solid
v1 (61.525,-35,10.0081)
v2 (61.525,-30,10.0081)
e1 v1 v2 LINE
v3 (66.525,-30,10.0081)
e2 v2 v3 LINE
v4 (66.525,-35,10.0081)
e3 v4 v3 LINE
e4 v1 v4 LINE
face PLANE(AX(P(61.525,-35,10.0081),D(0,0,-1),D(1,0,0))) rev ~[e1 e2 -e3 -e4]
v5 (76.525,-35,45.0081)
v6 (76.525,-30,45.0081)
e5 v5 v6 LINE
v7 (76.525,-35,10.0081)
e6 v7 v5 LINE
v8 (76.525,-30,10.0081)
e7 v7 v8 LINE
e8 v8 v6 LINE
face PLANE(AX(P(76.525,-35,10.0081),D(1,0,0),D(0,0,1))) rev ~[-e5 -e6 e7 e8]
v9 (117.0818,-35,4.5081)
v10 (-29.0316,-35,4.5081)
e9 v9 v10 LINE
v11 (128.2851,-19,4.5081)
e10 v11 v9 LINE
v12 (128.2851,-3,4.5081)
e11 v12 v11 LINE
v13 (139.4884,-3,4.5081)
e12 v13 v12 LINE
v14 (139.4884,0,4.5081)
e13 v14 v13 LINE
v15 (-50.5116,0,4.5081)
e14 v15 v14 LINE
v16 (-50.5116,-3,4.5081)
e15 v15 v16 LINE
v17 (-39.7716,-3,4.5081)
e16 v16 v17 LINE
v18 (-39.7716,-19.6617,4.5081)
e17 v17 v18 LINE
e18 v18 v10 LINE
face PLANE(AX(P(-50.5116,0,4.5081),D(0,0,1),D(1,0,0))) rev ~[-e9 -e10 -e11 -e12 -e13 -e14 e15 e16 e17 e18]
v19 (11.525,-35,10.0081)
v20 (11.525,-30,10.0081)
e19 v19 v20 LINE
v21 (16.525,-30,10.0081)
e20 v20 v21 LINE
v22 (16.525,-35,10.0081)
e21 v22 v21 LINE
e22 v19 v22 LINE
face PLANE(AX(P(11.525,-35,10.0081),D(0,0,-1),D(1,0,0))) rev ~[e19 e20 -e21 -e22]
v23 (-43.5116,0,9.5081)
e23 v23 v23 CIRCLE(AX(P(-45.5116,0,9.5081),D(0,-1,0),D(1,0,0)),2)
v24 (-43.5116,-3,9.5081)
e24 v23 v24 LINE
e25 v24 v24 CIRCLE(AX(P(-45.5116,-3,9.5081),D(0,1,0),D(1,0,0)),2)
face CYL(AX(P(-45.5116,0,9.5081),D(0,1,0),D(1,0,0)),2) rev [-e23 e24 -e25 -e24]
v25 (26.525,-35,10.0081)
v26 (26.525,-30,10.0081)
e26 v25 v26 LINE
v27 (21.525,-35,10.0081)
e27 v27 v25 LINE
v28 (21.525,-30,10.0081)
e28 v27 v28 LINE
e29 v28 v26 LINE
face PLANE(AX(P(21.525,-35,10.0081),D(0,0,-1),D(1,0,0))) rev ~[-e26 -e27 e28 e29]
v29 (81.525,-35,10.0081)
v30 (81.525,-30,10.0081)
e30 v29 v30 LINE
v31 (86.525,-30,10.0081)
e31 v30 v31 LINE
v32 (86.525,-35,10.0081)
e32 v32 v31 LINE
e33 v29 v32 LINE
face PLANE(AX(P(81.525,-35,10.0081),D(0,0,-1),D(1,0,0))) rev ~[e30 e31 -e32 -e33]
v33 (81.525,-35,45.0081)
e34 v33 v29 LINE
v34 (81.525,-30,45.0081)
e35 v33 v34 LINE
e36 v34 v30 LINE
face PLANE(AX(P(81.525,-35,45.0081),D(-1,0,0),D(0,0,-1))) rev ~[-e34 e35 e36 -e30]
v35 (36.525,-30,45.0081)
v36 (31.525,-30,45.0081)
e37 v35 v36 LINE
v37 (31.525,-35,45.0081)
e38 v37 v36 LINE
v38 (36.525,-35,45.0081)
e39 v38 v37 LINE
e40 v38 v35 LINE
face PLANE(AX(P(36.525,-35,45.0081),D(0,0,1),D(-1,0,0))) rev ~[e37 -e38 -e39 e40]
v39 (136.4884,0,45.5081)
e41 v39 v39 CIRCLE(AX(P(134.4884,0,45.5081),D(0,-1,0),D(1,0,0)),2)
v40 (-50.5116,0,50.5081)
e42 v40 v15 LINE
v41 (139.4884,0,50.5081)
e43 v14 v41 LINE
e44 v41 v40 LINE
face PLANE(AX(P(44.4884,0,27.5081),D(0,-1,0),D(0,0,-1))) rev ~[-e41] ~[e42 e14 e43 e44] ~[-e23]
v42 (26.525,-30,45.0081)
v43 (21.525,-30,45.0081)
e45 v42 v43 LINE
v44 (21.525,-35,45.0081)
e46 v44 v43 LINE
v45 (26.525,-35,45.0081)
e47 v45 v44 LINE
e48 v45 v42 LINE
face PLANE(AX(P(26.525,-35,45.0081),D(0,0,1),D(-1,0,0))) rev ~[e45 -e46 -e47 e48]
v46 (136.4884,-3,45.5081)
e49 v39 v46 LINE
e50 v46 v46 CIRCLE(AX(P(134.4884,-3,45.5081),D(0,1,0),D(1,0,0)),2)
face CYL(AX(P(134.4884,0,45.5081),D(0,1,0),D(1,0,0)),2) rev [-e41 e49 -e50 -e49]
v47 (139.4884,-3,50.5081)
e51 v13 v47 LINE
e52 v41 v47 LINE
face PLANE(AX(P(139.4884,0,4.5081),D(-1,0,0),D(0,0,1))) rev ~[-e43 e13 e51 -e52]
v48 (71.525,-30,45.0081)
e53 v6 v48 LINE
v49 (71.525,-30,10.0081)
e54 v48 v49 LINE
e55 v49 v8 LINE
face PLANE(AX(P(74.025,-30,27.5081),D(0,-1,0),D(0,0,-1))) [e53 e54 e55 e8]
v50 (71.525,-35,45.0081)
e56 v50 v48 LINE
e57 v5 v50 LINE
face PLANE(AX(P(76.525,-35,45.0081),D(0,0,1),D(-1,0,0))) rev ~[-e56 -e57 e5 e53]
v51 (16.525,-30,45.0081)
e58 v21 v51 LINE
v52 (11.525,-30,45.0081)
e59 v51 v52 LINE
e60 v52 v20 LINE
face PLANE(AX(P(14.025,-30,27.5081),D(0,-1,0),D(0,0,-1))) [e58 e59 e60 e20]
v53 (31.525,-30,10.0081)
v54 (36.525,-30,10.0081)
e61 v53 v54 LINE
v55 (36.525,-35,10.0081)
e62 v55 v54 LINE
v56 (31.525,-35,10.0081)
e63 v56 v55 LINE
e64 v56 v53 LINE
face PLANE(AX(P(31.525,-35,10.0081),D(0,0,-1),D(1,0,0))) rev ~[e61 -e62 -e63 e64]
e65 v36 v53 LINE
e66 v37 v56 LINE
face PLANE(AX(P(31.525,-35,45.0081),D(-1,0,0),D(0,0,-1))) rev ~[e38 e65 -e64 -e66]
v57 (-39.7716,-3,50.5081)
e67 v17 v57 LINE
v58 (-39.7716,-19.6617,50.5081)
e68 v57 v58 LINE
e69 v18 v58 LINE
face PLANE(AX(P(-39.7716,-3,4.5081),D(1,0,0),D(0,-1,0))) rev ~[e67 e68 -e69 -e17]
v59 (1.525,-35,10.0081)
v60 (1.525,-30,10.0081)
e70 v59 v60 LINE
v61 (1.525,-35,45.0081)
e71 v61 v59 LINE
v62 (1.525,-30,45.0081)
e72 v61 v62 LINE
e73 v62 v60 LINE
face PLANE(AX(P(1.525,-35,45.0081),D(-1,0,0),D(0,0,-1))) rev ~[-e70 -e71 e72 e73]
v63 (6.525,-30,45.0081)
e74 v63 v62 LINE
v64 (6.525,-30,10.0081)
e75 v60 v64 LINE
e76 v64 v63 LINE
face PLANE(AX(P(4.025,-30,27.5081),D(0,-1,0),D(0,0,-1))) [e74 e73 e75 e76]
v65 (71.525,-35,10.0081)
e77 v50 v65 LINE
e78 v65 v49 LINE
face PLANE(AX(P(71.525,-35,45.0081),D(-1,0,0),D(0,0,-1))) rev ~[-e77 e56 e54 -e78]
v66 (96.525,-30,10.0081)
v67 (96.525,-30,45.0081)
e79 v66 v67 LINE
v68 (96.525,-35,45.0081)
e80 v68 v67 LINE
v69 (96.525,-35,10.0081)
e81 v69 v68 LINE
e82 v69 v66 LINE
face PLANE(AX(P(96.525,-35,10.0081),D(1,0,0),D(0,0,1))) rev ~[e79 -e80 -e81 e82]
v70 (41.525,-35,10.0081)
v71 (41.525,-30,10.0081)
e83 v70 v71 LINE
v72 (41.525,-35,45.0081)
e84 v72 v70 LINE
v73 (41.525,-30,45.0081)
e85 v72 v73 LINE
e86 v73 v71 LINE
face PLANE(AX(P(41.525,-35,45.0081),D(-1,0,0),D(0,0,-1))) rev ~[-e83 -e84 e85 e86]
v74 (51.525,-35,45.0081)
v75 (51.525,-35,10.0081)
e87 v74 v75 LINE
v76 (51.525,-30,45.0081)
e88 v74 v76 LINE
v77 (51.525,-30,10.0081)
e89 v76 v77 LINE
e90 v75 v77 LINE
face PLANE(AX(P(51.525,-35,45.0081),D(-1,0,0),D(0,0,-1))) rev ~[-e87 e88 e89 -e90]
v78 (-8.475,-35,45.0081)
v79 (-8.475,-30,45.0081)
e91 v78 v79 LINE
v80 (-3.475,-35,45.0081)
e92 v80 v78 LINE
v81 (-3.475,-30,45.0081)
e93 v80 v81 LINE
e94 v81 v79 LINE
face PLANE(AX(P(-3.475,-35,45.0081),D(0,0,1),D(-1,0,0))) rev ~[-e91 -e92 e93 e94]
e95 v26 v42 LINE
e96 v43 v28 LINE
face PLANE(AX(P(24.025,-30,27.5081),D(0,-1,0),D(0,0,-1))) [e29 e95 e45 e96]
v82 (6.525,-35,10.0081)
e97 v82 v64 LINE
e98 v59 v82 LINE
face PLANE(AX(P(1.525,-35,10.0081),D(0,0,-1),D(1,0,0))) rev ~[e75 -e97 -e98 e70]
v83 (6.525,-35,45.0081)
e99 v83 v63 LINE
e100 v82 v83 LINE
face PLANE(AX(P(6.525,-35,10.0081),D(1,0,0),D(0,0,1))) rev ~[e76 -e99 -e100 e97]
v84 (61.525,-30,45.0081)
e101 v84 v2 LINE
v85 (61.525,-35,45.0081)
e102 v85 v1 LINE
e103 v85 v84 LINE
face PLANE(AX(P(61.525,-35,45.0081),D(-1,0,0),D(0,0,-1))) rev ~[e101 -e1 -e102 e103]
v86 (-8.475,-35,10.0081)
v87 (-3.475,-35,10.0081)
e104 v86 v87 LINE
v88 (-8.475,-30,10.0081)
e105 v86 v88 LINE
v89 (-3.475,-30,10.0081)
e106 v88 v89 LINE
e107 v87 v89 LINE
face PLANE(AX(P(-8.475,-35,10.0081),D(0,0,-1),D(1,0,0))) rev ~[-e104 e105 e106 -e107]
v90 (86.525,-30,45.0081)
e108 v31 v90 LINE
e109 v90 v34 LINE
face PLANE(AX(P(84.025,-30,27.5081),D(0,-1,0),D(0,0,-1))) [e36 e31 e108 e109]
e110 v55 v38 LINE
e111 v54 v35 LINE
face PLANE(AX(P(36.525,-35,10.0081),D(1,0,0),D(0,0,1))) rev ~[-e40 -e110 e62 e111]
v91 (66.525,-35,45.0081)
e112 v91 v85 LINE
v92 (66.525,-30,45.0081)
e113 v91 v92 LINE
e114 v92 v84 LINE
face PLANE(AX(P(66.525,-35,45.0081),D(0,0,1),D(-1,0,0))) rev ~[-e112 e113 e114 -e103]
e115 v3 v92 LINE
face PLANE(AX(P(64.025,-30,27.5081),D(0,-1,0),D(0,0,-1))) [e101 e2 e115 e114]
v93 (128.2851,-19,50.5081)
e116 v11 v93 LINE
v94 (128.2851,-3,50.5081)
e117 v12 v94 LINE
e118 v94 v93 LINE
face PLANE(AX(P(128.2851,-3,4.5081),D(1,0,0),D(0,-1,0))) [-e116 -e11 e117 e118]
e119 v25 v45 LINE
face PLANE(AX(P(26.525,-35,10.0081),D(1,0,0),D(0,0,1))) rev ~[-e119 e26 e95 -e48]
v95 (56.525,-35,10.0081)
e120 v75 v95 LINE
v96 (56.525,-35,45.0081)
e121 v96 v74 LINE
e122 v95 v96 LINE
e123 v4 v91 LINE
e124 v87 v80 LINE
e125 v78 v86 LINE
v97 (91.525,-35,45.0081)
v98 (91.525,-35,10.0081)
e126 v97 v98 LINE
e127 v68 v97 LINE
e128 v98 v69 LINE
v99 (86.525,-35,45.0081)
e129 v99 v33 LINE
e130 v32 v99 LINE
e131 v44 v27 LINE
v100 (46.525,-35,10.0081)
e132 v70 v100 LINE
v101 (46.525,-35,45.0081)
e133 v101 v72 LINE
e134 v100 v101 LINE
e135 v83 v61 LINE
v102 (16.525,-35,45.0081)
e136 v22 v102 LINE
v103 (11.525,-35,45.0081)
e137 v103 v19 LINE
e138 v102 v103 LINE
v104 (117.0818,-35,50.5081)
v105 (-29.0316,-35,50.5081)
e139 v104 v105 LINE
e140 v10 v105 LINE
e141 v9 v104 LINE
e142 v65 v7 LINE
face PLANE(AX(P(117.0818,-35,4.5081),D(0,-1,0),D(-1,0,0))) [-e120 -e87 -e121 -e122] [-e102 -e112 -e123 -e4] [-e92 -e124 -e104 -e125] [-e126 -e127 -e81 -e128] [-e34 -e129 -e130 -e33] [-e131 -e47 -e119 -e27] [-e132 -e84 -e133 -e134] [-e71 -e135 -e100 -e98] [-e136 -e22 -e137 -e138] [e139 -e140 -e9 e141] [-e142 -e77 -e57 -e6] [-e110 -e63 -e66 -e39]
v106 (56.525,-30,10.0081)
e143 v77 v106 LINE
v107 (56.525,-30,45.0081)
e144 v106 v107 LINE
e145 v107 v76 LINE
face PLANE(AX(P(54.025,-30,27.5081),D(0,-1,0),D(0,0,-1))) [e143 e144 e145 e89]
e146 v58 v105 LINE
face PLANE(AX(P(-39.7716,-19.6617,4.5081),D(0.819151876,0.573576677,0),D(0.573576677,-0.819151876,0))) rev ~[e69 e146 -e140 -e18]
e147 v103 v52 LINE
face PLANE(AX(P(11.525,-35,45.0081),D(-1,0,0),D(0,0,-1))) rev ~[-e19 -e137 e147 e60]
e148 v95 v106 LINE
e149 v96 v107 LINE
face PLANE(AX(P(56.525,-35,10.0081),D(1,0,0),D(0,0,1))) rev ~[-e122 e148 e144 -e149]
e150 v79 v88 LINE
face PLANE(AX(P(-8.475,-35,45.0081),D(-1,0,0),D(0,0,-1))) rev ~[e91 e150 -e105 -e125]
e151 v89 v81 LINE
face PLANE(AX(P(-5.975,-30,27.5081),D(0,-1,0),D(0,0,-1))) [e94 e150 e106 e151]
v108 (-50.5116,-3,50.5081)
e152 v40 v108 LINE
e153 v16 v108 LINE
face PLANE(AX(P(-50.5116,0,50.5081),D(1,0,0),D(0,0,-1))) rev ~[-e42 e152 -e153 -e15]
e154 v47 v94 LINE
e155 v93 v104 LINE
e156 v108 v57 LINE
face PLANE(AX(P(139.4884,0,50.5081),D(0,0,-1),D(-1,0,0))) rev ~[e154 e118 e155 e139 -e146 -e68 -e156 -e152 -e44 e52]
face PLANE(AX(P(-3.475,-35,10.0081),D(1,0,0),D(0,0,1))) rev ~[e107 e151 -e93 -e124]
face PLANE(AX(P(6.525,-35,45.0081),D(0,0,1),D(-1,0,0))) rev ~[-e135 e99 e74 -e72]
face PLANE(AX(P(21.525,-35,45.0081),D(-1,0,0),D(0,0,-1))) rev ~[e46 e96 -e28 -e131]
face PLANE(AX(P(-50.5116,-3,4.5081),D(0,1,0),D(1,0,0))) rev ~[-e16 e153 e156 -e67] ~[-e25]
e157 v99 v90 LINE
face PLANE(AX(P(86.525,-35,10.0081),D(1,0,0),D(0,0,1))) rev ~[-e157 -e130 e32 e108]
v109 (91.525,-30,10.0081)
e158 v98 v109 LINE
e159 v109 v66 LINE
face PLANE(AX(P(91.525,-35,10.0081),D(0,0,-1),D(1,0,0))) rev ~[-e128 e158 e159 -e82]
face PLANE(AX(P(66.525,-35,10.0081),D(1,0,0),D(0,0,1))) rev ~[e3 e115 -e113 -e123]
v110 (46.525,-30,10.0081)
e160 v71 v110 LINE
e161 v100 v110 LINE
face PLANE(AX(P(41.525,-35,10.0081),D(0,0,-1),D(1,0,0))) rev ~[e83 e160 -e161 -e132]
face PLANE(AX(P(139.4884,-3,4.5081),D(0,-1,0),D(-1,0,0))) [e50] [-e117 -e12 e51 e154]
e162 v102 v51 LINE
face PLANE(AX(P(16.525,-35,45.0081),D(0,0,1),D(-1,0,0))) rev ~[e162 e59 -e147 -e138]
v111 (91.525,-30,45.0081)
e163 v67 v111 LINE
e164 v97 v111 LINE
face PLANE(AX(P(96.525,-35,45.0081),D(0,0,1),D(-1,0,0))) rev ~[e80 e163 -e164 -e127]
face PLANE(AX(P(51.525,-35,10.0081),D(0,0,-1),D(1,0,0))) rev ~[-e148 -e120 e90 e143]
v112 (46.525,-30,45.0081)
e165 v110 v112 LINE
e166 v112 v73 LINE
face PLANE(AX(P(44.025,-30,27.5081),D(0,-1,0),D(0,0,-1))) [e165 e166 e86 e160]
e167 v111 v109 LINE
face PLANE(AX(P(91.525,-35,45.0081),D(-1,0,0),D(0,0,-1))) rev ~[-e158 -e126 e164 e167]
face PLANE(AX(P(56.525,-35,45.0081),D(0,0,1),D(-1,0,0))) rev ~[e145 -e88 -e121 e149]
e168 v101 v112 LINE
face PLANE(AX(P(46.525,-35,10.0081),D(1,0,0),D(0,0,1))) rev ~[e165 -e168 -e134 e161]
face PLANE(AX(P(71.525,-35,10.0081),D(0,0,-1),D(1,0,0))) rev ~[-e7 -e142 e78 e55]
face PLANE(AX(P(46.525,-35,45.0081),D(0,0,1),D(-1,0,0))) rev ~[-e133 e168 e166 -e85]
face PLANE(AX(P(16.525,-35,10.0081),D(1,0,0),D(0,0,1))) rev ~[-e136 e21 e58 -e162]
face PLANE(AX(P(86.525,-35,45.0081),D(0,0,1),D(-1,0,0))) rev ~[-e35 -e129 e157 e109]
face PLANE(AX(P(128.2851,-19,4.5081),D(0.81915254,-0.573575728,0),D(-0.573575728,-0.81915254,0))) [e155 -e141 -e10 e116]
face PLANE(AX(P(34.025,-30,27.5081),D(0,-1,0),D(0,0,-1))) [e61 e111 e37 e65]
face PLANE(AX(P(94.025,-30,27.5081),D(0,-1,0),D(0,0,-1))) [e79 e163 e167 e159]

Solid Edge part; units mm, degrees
sketch "Sketch1" plane through (0, 0, 0) normal (0, -1, 0) x (1, 0, 0)
  line L0 (-50.5116, 4.5081) -> (139.4884, 4.5081)
  line L1 (139.4884, 4.5081) -> (139.4884, 50.5081)
  line L2 (139.4884, 50.5081) -> (-50.5116, 50.5081)
  line L3 (-50.5116, 50.5081) -> (-50.5116, 4.5081)
  circle A0 centre (-45.5116, 9.5081) radius 2
  circle A1 centre (134.4884, 45.5081) radius 2
  dimension "D1" = 5
  dimension "D2" = 5
  dimension "D3" = 5
  dimension "D4" = 5
extrude "Protrusion1" add sketch "Sketch1" along normal blind 35
sketch "Sketch2" plane through (44.4884, -17.5, 4.5081) normal (0, 0, -1) x (1, 0, 0)
  line L0 (-95, -17.5) -> (-95, -14.5)
  line L1 (-95, -14.5) -> (-84.26, -14.5)
  line L2 (-84.26, -14.5) -> (-84.26, 2.1617)
  line L3 (-84.26, 2.1617) -> (-73.52, 17.5)
  line L4 (72.5934, 17.5) -> (-73.52, 17.5)
  line L5 (83.7967, 1.5) -> (72.5934, 17.5)
  line L6 (83.7967, -14.5) -> (83.7967, 1.5)
  line L7 (95, -14.5) -> (83.7967, -14.5)
  line L8 (95, -17.5) -> (95, -14.5)
  line L9 (100.6753, -17.5) -> (95, -17.5)
  line L10 (100.6753, 23.6883) -> (100.6753, -17.5)
  line L11 (-100.9714, 23.6883) -> (100.6753, 23.6883)
  line L12 (-100.9714, -17.5) -> (-100.9714, 23.6883)
  line L13 (-95, -17.5) -> (-100.9714, -17.5)
extrude "ExtrudedCutout_1" cut sketch "Sketch2" against normal blind 46
sketch "Sketch3" plane through (44.025, -35, 27.5081) normal (0, -1, 0) x (1, 0, 0)
  line L0 (-2.5, -17.5) -> (2.5, -17.5)
  line L1 (2.5, -17.5) -> (2.5, 17.5)
  line L2 (2.5, 17.5) -> (-2.5, 17.5)
  line L3 (-2.5, 17.5) -> (-2.5, -17.5)
  line L4 (7.5, -17.5) -> (12.5, -17.5)
  line L5 (12.5, -17.5) -> (12.5, 17.5)
  line L6 (12.5, 17.5) -> (7.5, 17.5)
  line L7 (7.5, 17.5) -> (7.5, -17.5)
  line L8 (17.5, -17.5) -> (22.5, -17.5)
  line L9 (22.5, -17.5) -> (22.5, 17.5)
  line L10 (22.5, 17.5) -> (17.5, 17.5)
  line L11 (17.5, 17.5) -> (17.5, -17.5)
  line L12 (27.5, -17.5) -> (32.5, -17.5)
  line L13 (32.5, -17.5) -> (32.5, 17.5)
  line L14 (32.5, 17.5) -> (27.5, 17.5)
  line L15 (27.5, 17.5) -> (27.5, -17.5)
  line L16 (37.5, -17.5) -> (42.5, -17.5)
  line L17 (42.5, -17.5) -> (42.5, 17.5)
  line L18 (42.5, 17.5) -> (37.5, 17.5)
  line L19 (37.5, 17.5) -> (37.5, -17.5)
  line L20 (-12.5, -17.5) -> (-7.5, -17.5)
  line L21 (-7.5, -17.5) -> (-7.5, 17.5)
  line L22 (-7.5, 17.5) -> (-12.5, 17.5)
  line L23 (-12.5, 17.5) -> (-12.5, -17.5)
  line L24 (-22.5, -17.5) -> (-17.5, -17.5)
  line L25 (-17.5, -17.5) -> (-17.5, 17.5)
  line L26 (-17.5, 17.5) -> (-22.5, 17.5)
  line L27 (-22.5, 17.5) -> (-22.5, -17.5)
  line L28 (-32.5, -17.5) -> (-27.5, -17.5)
  line L29 (-27.5, -17.5) -> (-27.5, 17.5)
  line L30 (-27.5, 17.5) -> (-32.5, 17.5)
  line L31 (-32.5, 17.5) -> (-32.5, -17.5)
  line L32 (-42.5, -17.5) -> (-37.5, -17.5)
  line L33 (-37.5, -17.5) -> (-37.5, 17.5)
  line L34 (-37.5, 17.5) -> (-42.5, 17.5)
  line L35 (-42.5, 17.5) -> (-42.5, -17.5)
  line L36 (-52.5, -17.5) -> (-47.5, -17.5)
  line L37 (-47.5, -17.5) -> (-47.5, 17.5)
  line L38 (-47.5, 17.5) -> (-52.5, 17.5)
  line L39 (-52.5, 17.5) -> (-52.5, -17.5)
  line L40 (47.5, -17.5) -> (52.5, -17.5)
  line L41 (52.5, -17.5) -> (52.5, 17.5)
  line L42 (52.5, 17.5) -> (47.5, 17.5)
  line L43 (47.5, 17.5) -> (47.5, -17.5)
extrude "ExtrudedCutout_2" cut sketch "Sketch3" against normal blind 5
